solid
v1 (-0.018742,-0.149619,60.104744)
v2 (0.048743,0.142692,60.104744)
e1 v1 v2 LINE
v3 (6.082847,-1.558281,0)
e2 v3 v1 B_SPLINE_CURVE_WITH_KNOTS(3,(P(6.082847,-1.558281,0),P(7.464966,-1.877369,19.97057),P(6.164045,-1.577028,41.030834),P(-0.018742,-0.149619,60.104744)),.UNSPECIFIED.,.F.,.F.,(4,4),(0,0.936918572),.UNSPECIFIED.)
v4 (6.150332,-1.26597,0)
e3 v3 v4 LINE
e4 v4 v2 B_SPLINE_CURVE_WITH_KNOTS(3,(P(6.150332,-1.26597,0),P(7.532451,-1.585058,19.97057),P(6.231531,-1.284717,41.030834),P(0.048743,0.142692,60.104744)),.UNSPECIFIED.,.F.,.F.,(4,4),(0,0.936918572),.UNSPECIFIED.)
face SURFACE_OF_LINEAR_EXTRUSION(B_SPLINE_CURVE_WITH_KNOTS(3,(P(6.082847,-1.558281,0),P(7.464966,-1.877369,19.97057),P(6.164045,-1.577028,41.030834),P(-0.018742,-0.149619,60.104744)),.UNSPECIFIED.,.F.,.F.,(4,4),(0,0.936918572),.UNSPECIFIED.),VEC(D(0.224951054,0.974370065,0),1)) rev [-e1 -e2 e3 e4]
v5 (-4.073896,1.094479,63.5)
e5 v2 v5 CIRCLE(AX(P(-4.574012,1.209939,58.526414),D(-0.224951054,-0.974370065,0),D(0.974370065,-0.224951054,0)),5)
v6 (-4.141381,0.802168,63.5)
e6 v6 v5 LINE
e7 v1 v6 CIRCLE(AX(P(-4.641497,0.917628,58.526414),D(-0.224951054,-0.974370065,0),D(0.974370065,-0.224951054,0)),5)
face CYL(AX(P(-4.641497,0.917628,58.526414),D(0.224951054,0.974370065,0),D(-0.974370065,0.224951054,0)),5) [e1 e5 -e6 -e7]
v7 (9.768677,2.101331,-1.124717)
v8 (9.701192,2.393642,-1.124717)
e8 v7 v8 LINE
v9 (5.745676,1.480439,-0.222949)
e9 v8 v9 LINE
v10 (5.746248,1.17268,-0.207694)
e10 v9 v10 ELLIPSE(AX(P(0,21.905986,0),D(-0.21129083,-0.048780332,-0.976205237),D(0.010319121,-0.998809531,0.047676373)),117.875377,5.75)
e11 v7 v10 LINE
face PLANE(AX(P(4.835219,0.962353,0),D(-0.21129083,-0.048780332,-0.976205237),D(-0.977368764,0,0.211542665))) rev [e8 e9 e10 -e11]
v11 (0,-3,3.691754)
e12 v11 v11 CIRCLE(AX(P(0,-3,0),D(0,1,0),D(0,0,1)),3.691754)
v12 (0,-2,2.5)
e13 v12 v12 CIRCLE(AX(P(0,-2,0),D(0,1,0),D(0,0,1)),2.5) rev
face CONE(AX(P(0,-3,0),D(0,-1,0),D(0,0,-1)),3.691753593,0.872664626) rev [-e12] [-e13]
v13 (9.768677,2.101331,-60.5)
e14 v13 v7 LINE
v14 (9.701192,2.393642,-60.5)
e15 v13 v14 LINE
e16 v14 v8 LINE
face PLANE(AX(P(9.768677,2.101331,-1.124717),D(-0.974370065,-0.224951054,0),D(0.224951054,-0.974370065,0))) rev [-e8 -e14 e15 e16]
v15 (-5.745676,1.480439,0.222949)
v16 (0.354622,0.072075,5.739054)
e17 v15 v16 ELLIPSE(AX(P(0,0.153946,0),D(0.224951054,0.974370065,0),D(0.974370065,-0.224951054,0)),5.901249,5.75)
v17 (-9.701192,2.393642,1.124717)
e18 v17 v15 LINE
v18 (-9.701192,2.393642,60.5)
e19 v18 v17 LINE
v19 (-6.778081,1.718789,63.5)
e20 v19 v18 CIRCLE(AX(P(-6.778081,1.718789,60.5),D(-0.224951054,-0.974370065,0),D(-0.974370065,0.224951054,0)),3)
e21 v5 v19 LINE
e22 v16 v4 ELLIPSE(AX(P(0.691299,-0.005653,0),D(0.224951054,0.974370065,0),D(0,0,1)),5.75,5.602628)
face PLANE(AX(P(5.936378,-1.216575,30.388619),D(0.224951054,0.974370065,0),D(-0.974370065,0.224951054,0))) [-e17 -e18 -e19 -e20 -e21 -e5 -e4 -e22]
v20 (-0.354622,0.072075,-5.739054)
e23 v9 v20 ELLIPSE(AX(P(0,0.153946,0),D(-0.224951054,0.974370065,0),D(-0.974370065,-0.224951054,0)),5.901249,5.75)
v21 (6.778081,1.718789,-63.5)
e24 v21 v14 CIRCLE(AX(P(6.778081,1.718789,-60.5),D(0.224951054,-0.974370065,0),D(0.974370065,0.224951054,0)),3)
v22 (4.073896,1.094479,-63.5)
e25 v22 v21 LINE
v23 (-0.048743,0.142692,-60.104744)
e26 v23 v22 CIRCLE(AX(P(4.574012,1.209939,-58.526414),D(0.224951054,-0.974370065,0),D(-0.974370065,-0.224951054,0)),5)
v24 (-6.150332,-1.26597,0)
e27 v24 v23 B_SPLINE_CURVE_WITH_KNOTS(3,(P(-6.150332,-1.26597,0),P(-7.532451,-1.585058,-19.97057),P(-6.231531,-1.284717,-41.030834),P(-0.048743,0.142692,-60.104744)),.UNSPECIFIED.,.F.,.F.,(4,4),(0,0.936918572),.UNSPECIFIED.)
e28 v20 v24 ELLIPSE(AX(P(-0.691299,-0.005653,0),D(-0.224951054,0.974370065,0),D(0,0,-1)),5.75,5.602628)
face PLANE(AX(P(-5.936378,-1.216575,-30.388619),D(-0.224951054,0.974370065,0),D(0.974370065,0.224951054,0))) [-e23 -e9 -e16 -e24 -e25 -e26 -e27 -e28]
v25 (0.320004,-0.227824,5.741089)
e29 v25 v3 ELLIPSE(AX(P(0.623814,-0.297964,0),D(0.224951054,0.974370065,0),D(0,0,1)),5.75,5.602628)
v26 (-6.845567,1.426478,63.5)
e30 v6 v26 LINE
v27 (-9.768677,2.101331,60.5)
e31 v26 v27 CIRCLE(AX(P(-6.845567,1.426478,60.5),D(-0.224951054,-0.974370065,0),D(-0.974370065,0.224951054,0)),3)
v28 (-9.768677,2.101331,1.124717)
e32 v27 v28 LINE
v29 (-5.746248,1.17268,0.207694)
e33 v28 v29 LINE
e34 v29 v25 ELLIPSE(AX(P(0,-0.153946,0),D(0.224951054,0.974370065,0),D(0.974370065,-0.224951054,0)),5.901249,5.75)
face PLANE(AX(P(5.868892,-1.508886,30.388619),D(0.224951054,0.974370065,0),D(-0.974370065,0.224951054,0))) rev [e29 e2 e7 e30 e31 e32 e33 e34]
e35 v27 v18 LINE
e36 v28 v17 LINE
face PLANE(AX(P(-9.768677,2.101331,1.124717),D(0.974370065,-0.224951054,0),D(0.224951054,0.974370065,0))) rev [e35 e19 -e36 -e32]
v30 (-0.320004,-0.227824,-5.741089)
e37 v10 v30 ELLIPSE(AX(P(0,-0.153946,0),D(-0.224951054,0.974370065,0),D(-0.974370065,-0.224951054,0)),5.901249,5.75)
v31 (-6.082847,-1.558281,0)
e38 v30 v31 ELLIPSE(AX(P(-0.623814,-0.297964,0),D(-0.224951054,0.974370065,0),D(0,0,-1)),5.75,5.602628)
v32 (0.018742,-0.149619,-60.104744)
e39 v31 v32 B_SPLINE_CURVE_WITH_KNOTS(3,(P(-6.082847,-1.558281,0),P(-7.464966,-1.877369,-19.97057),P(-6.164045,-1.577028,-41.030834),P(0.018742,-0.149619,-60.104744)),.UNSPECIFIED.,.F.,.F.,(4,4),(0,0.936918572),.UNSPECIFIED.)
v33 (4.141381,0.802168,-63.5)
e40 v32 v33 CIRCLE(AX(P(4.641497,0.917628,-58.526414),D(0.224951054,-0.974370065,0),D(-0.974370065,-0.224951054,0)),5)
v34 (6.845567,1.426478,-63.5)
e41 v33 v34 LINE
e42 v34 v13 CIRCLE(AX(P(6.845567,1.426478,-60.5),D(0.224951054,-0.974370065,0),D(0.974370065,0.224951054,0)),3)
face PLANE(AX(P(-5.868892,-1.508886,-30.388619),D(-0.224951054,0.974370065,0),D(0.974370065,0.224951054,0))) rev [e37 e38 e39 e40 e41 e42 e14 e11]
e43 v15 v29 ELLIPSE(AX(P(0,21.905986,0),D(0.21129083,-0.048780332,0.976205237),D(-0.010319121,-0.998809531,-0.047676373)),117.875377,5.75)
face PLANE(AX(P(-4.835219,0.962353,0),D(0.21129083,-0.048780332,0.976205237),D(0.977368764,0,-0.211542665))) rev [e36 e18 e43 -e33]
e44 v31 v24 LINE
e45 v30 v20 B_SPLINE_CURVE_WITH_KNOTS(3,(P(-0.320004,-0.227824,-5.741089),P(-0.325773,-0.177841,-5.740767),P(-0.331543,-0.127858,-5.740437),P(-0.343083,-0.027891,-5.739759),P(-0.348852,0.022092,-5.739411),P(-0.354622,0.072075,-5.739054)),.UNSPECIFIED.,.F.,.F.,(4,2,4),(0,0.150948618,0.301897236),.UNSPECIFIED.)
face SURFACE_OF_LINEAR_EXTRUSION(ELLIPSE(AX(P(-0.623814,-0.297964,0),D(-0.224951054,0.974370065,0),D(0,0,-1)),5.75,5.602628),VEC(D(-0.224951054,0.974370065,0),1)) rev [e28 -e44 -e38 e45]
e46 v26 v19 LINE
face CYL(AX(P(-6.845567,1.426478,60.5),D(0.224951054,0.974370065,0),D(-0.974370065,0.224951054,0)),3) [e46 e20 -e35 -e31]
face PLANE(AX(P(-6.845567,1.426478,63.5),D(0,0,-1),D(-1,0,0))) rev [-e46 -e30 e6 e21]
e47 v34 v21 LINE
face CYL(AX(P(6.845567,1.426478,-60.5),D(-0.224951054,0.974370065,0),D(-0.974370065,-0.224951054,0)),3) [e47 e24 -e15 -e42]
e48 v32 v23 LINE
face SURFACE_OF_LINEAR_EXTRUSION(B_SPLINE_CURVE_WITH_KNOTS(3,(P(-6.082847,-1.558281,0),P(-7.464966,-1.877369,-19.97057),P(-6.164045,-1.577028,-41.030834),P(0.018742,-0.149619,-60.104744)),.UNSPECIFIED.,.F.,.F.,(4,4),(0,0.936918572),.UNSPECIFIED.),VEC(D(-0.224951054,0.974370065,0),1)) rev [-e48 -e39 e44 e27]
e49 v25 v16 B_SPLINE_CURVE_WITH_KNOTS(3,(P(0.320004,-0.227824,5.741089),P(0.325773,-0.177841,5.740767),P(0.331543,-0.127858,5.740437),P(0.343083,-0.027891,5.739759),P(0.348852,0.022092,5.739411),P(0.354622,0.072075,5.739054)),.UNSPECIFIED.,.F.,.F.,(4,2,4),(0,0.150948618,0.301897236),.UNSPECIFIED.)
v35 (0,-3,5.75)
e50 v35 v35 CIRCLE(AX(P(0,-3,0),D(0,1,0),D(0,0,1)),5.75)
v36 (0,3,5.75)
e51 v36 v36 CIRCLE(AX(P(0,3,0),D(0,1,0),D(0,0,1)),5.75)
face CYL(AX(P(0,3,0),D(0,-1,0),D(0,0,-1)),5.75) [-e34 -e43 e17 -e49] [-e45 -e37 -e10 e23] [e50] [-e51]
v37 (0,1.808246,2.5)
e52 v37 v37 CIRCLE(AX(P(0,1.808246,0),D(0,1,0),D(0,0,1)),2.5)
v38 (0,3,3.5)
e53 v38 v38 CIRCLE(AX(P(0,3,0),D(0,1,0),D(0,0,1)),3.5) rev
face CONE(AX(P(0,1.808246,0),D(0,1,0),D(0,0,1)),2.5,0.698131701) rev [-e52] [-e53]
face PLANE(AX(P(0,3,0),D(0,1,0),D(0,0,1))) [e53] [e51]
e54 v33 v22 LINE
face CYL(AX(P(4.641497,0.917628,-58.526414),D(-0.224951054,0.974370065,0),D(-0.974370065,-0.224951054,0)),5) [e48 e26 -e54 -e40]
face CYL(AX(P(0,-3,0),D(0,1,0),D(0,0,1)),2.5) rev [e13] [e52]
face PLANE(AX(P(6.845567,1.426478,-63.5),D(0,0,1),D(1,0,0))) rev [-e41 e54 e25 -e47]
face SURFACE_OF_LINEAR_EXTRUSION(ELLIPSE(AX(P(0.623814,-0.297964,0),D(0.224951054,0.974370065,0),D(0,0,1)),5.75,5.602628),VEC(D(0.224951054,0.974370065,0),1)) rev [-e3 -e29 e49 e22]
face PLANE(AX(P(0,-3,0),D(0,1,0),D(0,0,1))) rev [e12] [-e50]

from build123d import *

# Parameters (mm, degrees)
SKETCH2_R             = 5.75
BOSS_EXTRUDE1_DEPTH   = 3
BOSS_EXTRUDE2_DEPTH   = 0.15
CIRPATTERN1_COUNT     = 2
SKETCH5_R             = 2.5
CUT_EXTRUDE1_DEPTH    = 7.0000001
CHAMFER1_SIZE         = 1
CHAMFER1_SIZE2        = 1.191753593
CHAMFER1_PART_2_SIZE  = 1
CHAMFER1_PART_2_SIZE2 = 1.191753593


with BuildPart() as part:
    # Sketch2 → Boss-Extrude1 (new body, symmetric)
    with BuildSketch(Plane(origin=(0, 0, 0), x_dir=(1, 0, 0), z_dir=(0, 1, 0))):
        Circle(SKETCH2_R)
    extrude(amount=BOSS_EXTRUDE1_DEPTH, both=True)

    # Sketch4 → Boss-Extrude2 (add, symmetric)
    with BuildSketch(Plane(origin=(0, 0, 0), x_dir=(0.974370065, -0.224951054, 0), z_dir=(-0.224951054, -0.974370065, 0))):
        with BuildLine():
            Line((-4.927774709, 0), (-9.991003068, 1.124716583))
            Line((-9.991003068, 1.124716583), (-9.991003068, 60.5))
            ThreePointArc((-9.991003068, 60.5), (-9.112323412, 62.621320344), (-6.991003068, 63.5))
            Line((-6.991003068, 63.5), (-4.215686073, 63.5))
            ThreePointArc((-4.215686073, 63.5), (-1.599645431, 62.426082199), (0.015394976, 60.10474367))
            add(Edge.make_bspline(
                [(6.277481036, 0), (7.695955288, 19.970569662), (6.360815362, 41.03083372), (0.015394976, 60.10474367)],
                knots=[0, 0, 0, 0, 0.936918572, 0.936918572, 0.936918572, 0.936918572], degree=3))
            add(Edge.make_bspline(
                [(6.277481036, 0), (6.277481036, 5.75), (0.674853163, 5.75), (-4.927774709, 5.75), (-4.927774709, 0)],
                knots=[4.71238898, 4.71238898, 4.71238898, 6.283185307, 6.283185307, 7.853981634, 7.853981634, 7.853981634], degree=2, weights=[1, 0.707106781, 1, 0.707106781, 1]))
        make_face()
    boss_extrude2 = extrude(amount=BOSS_EXTRUDE2_DEPTH, both=True)

    # CirPattern1: Boss-Extrude2 ×2 about axis
    cirpattern1_axis = Axis((0, 3, 0), (0, -1, 0))
    for i in range(1, CIRPATTERN1_COUNT):
        add(boss_extrude2.rotate(cirpattern1_axis, i * 360 / CIRPATTERN1_COUNT))

    # Sketch5 → Cut-Extrude1 (cut, through all)
    with BuildSketch(Plane(origin=(0, 3, 0), x_dir=(1, 0, 0), z_dir=(0, 1, 0))):
        Circle(SKETCH5_R)
    extrude(amount=-CUT_EXTRUDE1_DEPTH, mode=Mode.SUBTRACT)

    # Chamfer1
    chamfer1_edges = [part.edges().sort_by_distance(p)[0] for p in [
        (-2.5, -3, 0),
    ]]
    chamfer1_side = [part.faces().sort_by_distance(p)[0] for p in [
        (-2.5, 0, 0),
    ]]
    chamfer(chamfer1_edges, length=CHAMFER1_SIZE, length2=CHAMFER1_SIZE2, reference=chamfer1_side[0])

    # Chamfer1 part 2
    chamfer1_part_2_edges = [part.edges().sort_by_distance(p)[0] for p in [
        (-2.5, 3, 0),
    ]]
    chamfer1_part_2_side = [part.faces().sort_by_distance(p)[0] for p in [
        (-5.58736544, 3, 0),
    ]]
    chamfer(chamfer1_part_2_edges, length=CHAMFER1_PART_2_SIZE, length2=CHAMFER1_PART_2_SIZE2, reference=chamfer1_part_2_side[0])


solid = part.part
